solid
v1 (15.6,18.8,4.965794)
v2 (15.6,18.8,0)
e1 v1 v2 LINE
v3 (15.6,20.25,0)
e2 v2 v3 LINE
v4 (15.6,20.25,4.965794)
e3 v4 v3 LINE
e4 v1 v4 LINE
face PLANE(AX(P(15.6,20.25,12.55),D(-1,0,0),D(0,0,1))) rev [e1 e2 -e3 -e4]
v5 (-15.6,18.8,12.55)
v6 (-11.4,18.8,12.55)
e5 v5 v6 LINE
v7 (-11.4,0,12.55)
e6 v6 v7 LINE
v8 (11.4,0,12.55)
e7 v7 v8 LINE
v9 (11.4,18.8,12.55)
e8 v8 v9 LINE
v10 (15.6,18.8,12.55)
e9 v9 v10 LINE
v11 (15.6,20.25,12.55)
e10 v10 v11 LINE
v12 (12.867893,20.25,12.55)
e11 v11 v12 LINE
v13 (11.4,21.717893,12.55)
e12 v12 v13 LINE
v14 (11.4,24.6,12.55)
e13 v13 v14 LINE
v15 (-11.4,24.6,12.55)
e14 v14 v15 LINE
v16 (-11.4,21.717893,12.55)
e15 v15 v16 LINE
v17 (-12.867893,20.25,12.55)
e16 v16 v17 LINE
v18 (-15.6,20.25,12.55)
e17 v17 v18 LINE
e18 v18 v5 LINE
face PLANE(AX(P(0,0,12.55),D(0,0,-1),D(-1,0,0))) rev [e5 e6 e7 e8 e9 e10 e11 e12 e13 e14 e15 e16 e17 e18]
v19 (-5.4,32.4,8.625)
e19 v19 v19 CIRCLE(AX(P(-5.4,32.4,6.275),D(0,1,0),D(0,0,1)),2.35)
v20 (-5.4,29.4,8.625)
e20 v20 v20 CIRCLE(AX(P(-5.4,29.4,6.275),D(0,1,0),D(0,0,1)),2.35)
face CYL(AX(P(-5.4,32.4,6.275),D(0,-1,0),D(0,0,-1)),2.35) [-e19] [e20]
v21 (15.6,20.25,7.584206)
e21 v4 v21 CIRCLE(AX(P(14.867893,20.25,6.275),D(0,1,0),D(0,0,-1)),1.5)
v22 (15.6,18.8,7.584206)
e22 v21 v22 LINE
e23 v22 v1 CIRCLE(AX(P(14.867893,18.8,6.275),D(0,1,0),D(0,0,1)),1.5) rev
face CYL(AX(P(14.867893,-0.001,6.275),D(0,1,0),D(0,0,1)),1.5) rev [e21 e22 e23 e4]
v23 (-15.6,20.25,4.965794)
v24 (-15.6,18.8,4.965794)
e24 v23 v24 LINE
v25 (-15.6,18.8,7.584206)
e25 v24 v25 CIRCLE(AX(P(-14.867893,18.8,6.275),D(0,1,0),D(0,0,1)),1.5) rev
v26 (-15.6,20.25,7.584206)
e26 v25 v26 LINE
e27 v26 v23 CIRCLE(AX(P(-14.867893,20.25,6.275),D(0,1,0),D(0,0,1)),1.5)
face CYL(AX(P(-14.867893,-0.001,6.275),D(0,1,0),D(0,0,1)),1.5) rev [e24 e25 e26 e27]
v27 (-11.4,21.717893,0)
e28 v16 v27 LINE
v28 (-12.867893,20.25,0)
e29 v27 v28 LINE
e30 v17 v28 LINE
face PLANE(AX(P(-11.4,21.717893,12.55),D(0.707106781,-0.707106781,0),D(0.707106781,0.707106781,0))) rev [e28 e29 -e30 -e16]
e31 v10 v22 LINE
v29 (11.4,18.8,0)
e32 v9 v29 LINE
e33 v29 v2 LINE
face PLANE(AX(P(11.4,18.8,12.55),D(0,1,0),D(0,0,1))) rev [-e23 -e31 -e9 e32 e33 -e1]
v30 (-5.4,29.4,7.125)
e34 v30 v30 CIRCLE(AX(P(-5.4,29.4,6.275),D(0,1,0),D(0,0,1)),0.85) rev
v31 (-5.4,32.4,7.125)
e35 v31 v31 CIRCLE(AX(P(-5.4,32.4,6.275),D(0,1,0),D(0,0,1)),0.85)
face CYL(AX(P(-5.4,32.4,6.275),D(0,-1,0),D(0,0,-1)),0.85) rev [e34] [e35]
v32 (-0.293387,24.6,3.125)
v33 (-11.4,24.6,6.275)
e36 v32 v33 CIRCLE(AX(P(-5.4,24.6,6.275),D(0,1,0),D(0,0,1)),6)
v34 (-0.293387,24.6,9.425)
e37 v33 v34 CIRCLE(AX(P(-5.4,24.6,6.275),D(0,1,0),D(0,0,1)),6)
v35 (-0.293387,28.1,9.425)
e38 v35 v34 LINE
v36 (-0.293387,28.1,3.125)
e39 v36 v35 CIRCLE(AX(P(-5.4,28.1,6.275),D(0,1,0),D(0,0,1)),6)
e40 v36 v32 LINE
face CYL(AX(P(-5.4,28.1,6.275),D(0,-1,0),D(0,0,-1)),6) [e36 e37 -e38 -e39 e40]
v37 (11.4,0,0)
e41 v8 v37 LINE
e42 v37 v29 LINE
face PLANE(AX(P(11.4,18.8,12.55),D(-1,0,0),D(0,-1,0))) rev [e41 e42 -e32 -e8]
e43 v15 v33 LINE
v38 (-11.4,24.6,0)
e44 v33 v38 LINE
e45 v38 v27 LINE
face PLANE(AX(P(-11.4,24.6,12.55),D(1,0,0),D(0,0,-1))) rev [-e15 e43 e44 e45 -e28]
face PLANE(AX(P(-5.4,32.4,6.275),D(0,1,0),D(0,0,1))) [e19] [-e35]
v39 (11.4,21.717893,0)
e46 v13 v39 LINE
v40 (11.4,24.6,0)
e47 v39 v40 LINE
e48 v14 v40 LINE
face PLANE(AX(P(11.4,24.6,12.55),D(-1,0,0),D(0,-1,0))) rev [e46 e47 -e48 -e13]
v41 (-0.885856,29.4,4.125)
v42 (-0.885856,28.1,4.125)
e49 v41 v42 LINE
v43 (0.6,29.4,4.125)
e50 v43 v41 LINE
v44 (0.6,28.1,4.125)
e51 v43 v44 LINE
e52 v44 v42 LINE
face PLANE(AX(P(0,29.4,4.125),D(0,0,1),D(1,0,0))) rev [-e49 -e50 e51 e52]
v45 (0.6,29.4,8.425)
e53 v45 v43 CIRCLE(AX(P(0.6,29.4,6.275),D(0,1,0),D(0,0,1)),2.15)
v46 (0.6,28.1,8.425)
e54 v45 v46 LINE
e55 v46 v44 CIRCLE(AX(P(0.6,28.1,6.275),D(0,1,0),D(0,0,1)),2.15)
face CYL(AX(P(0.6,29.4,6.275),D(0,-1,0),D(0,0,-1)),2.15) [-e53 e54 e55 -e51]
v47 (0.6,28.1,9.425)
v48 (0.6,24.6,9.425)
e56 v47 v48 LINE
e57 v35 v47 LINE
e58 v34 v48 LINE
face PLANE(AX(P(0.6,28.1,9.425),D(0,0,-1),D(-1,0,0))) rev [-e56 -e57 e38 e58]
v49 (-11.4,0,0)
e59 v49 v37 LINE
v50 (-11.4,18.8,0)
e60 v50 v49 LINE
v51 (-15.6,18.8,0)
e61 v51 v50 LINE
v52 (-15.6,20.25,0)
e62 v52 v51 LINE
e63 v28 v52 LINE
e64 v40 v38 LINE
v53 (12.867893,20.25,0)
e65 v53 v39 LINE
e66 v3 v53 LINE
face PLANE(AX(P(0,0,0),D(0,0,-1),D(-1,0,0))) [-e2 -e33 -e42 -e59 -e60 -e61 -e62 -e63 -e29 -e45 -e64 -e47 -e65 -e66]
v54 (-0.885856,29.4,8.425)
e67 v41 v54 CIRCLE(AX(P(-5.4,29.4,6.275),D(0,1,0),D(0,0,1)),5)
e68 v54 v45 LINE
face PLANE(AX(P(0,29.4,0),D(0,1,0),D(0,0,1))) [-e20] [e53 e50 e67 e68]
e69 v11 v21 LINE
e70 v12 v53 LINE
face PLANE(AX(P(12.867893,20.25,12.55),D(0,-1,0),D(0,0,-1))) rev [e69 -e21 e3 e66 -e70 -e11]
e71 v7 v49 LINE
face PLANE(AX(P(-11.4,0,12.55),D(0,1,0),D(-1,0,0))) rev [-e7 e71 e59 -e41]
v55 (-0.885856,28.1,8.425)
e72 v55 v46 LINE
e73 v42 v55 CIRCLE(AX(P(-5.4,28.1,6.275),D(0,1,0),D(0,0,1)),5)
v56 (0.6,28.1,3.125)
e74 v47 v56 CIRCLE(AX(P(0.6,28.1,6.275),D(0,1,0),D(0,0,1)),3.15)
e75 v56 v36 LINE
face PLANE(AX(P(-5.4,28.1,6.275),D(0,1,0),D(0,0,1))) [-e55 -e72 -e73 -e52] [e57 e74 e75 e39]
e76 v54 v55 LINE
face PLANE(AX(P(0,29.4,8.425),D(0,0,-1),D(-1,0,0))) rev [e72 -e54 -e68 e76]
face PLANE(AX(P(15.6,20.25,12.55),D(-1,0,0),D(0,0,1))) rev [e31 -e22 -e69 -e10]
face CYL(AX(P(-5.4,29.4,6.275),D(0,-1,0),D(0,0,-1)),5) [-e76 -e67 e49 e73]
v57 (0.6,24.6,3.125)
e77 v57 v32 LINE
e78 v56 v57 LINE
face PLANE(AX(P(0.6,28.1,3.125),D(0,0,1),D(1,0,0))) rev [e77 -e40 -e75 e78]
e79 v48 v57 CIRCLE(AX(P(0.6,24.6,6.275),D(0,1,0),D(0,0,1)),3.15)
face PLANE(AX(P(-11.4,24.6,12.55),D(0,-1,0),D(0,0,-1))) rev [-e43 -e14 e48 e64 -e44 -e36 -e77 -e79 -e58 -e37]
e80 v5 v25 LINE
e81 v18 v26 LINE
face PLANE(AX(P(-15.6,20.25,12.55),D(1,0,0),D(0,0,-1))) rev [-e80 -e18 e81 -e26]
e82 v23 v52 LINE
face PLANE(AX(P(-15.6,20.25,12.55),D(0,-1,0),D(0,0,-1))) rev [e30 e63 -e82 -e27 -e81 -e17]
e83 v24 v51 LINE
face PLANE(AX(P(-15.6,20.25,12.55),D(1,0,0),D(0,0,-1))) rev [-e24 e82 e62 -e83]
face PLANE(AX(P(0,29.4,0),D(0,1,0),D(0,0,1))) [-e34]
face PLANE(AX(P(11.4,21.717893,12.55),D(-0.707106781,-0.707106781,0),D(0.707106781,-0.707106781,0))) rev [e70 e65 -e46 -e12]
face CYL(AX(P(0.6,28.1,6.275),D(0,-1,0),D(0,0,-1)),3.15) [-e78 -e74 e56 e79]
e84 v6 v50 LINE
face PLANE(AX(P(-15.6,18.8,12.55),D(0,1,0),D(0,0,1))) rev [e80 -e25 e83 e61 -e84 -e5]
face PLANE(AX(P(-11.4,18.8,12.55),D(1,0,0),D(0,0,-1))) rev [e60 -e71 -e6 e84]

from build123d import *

# Parameters (mm, degrees)
ESTRUSIONE_ESTRUSIONE2_DEPTH = 12.55
ESTRUSIONE_ESTRUSIONE3_DEPTH = 3.5
ESTRUSIONE_ESTRUSIONE4_DEPTH = 1.3
SCHIZZO4_R                   = 2.35
SCHIZZO4_R_2                 = 0.85
ESTRUSIONE_ESTRUSIONE5_DEPTH = 3
TAGLIO_ESTRUSIONE1_REACH     = 30.477
SCHIZZO6_R                   = 1.5


with BuildPart() as part:
    # Schizzo1 → Estrusione-Estrusione2 (new body)
    with BuildSketch(Plane.XY):
        Polygon((11.4, 21.717893219), (12.867893219, 20.25), (15.6, 20.25), (15.6, 18.8), (11.4, 18.8), (11.4, 0), (-11.4, 0), (-11.4, 18.8), (-15.6, 18.8), (-15.6, 20.25), (-12.867893219, 20.25), (-11.4, 21.717893219), (-11.4, 24.6), (11.4, 24.6), align=None)
    extrude(amount=ESTRUSIONE_ESTRUSIONE2_DEPTH)

    # Schizzo2 → Estrusione-Estrusione3 (add)
    with BuildSketch(Plane(origin=(0, 24.6, 0), x_dir=(1, 0, 0), z_dir=(0, 1, 0))):
        with BuildLine():
            Line((0.6, -3.125), (-0.293386641, -3.125))
            ThreePointArc((-0.293386641, -3.125), (-11.4, -6.275), (-0.293386641, -9.425))
            Line((-0.293386641, -9.425), (0.6, -9.425))
            ThreePointArc((0.6, -9.425), (3.75, -6.275), (0.6, -3.125))
        make_face()
    extrude(amount=ESTRUSIONE_ESTRUSIONE3_DEPTH)

    # Schizzo3 → Estrusione-Estrusione4 (add)
    with BuildSketch(Plane(origin=(0, 28.1, 0), x_dir=(1, 0, 0), z_dir=(0, 1, 0))):
        with BuildLine():
            Line((-0.885855563, -8.425), (0.6, -8.425))
            ThreePointArc((0.6, -8.425), (2.75, -6.275), (0.6, -4.125))
            Line((0.6, -4.125), (-0.885855563, -4.125))
            ThreePointArc((-0.885855563, -4.125), (-10.4, -6.275), (-0.885855563, -8.425))
        make_face()
    extrude(amount=ESTRUSIONE_ESTRUSIONE4_DEPTH)

    # Schizzo4 → Estrusione-Estrusione5 (add)
    with BuildSketch(Plane(origin=(0, 29.4, 0), x_dir=(1, 0, 0), z_dir=(0, 1, 0))):
        with Locations(Location((-5.4, -6.275, 0), (0, 0, 270))):
            Circle(SCHIZZO4_R)
        with Locations(Location((-5.4, -6.275, 0), (0, 0, 270))):
            Circle(SCHIZZO4_R_2, mode=Mode.SUBTRACT)
    extrude(amount=ESTRUSIONE_ESTRUSIONE5_DEPTH)

    # Schizzo6 → Taglio-Estrusione1 (cut, up to next)
    with BuildSketch(Plane(origin=(0, 20.25, 0), x_dir=(1, 0, 0), z_dir=(0, 1, 0)), mode=Mode.PRIVATE) as taglio_estrusione1_sk1:
        with Locations((-14.867893219, -6.275)):
            Circle(SCHIZZO6_R)
    taglio_estrusione1_tool1 = extrude(taglio_estrusione1_sk1.sketch, amount=-TAGLIO_ESTRUSIONE1_REACH, mode=Mode.PRIVATE) & part.part
    # Schizzo6 → Taglio-Estrusione1 (cut, up to next)
    with BuildSketch(Plane(origin=(0, 20.25, 0), x_dir=(1, 0, 0), z_dir=(0, 1, 0)), mode=Mode.PRIVATE) as taglio_estrusione1_sk2:
        with Locations((14.867893219, -6.275)):
            Circle(SCHIZZO6_R)
    taglio_estrusione1_tool2 = extrude(taglio_estrusione1_sk2.sketch, amount=-TAGLIO_ESTRUSIONE1_REACH, mode=Mode.PRIVATE) & part.part
    add(taglio_estrusione1_tool1.solids().sort_by_distance((-14.867893, 20.25, 6.275))[0], mode=Mode.SUBTRACT)
    add(taglio_estrusione1_tool2.solids().sort_by_distance((14.867893, 20.25, 6.275))[0], mode=Mode.SUBTRACT)


solid = part.part
